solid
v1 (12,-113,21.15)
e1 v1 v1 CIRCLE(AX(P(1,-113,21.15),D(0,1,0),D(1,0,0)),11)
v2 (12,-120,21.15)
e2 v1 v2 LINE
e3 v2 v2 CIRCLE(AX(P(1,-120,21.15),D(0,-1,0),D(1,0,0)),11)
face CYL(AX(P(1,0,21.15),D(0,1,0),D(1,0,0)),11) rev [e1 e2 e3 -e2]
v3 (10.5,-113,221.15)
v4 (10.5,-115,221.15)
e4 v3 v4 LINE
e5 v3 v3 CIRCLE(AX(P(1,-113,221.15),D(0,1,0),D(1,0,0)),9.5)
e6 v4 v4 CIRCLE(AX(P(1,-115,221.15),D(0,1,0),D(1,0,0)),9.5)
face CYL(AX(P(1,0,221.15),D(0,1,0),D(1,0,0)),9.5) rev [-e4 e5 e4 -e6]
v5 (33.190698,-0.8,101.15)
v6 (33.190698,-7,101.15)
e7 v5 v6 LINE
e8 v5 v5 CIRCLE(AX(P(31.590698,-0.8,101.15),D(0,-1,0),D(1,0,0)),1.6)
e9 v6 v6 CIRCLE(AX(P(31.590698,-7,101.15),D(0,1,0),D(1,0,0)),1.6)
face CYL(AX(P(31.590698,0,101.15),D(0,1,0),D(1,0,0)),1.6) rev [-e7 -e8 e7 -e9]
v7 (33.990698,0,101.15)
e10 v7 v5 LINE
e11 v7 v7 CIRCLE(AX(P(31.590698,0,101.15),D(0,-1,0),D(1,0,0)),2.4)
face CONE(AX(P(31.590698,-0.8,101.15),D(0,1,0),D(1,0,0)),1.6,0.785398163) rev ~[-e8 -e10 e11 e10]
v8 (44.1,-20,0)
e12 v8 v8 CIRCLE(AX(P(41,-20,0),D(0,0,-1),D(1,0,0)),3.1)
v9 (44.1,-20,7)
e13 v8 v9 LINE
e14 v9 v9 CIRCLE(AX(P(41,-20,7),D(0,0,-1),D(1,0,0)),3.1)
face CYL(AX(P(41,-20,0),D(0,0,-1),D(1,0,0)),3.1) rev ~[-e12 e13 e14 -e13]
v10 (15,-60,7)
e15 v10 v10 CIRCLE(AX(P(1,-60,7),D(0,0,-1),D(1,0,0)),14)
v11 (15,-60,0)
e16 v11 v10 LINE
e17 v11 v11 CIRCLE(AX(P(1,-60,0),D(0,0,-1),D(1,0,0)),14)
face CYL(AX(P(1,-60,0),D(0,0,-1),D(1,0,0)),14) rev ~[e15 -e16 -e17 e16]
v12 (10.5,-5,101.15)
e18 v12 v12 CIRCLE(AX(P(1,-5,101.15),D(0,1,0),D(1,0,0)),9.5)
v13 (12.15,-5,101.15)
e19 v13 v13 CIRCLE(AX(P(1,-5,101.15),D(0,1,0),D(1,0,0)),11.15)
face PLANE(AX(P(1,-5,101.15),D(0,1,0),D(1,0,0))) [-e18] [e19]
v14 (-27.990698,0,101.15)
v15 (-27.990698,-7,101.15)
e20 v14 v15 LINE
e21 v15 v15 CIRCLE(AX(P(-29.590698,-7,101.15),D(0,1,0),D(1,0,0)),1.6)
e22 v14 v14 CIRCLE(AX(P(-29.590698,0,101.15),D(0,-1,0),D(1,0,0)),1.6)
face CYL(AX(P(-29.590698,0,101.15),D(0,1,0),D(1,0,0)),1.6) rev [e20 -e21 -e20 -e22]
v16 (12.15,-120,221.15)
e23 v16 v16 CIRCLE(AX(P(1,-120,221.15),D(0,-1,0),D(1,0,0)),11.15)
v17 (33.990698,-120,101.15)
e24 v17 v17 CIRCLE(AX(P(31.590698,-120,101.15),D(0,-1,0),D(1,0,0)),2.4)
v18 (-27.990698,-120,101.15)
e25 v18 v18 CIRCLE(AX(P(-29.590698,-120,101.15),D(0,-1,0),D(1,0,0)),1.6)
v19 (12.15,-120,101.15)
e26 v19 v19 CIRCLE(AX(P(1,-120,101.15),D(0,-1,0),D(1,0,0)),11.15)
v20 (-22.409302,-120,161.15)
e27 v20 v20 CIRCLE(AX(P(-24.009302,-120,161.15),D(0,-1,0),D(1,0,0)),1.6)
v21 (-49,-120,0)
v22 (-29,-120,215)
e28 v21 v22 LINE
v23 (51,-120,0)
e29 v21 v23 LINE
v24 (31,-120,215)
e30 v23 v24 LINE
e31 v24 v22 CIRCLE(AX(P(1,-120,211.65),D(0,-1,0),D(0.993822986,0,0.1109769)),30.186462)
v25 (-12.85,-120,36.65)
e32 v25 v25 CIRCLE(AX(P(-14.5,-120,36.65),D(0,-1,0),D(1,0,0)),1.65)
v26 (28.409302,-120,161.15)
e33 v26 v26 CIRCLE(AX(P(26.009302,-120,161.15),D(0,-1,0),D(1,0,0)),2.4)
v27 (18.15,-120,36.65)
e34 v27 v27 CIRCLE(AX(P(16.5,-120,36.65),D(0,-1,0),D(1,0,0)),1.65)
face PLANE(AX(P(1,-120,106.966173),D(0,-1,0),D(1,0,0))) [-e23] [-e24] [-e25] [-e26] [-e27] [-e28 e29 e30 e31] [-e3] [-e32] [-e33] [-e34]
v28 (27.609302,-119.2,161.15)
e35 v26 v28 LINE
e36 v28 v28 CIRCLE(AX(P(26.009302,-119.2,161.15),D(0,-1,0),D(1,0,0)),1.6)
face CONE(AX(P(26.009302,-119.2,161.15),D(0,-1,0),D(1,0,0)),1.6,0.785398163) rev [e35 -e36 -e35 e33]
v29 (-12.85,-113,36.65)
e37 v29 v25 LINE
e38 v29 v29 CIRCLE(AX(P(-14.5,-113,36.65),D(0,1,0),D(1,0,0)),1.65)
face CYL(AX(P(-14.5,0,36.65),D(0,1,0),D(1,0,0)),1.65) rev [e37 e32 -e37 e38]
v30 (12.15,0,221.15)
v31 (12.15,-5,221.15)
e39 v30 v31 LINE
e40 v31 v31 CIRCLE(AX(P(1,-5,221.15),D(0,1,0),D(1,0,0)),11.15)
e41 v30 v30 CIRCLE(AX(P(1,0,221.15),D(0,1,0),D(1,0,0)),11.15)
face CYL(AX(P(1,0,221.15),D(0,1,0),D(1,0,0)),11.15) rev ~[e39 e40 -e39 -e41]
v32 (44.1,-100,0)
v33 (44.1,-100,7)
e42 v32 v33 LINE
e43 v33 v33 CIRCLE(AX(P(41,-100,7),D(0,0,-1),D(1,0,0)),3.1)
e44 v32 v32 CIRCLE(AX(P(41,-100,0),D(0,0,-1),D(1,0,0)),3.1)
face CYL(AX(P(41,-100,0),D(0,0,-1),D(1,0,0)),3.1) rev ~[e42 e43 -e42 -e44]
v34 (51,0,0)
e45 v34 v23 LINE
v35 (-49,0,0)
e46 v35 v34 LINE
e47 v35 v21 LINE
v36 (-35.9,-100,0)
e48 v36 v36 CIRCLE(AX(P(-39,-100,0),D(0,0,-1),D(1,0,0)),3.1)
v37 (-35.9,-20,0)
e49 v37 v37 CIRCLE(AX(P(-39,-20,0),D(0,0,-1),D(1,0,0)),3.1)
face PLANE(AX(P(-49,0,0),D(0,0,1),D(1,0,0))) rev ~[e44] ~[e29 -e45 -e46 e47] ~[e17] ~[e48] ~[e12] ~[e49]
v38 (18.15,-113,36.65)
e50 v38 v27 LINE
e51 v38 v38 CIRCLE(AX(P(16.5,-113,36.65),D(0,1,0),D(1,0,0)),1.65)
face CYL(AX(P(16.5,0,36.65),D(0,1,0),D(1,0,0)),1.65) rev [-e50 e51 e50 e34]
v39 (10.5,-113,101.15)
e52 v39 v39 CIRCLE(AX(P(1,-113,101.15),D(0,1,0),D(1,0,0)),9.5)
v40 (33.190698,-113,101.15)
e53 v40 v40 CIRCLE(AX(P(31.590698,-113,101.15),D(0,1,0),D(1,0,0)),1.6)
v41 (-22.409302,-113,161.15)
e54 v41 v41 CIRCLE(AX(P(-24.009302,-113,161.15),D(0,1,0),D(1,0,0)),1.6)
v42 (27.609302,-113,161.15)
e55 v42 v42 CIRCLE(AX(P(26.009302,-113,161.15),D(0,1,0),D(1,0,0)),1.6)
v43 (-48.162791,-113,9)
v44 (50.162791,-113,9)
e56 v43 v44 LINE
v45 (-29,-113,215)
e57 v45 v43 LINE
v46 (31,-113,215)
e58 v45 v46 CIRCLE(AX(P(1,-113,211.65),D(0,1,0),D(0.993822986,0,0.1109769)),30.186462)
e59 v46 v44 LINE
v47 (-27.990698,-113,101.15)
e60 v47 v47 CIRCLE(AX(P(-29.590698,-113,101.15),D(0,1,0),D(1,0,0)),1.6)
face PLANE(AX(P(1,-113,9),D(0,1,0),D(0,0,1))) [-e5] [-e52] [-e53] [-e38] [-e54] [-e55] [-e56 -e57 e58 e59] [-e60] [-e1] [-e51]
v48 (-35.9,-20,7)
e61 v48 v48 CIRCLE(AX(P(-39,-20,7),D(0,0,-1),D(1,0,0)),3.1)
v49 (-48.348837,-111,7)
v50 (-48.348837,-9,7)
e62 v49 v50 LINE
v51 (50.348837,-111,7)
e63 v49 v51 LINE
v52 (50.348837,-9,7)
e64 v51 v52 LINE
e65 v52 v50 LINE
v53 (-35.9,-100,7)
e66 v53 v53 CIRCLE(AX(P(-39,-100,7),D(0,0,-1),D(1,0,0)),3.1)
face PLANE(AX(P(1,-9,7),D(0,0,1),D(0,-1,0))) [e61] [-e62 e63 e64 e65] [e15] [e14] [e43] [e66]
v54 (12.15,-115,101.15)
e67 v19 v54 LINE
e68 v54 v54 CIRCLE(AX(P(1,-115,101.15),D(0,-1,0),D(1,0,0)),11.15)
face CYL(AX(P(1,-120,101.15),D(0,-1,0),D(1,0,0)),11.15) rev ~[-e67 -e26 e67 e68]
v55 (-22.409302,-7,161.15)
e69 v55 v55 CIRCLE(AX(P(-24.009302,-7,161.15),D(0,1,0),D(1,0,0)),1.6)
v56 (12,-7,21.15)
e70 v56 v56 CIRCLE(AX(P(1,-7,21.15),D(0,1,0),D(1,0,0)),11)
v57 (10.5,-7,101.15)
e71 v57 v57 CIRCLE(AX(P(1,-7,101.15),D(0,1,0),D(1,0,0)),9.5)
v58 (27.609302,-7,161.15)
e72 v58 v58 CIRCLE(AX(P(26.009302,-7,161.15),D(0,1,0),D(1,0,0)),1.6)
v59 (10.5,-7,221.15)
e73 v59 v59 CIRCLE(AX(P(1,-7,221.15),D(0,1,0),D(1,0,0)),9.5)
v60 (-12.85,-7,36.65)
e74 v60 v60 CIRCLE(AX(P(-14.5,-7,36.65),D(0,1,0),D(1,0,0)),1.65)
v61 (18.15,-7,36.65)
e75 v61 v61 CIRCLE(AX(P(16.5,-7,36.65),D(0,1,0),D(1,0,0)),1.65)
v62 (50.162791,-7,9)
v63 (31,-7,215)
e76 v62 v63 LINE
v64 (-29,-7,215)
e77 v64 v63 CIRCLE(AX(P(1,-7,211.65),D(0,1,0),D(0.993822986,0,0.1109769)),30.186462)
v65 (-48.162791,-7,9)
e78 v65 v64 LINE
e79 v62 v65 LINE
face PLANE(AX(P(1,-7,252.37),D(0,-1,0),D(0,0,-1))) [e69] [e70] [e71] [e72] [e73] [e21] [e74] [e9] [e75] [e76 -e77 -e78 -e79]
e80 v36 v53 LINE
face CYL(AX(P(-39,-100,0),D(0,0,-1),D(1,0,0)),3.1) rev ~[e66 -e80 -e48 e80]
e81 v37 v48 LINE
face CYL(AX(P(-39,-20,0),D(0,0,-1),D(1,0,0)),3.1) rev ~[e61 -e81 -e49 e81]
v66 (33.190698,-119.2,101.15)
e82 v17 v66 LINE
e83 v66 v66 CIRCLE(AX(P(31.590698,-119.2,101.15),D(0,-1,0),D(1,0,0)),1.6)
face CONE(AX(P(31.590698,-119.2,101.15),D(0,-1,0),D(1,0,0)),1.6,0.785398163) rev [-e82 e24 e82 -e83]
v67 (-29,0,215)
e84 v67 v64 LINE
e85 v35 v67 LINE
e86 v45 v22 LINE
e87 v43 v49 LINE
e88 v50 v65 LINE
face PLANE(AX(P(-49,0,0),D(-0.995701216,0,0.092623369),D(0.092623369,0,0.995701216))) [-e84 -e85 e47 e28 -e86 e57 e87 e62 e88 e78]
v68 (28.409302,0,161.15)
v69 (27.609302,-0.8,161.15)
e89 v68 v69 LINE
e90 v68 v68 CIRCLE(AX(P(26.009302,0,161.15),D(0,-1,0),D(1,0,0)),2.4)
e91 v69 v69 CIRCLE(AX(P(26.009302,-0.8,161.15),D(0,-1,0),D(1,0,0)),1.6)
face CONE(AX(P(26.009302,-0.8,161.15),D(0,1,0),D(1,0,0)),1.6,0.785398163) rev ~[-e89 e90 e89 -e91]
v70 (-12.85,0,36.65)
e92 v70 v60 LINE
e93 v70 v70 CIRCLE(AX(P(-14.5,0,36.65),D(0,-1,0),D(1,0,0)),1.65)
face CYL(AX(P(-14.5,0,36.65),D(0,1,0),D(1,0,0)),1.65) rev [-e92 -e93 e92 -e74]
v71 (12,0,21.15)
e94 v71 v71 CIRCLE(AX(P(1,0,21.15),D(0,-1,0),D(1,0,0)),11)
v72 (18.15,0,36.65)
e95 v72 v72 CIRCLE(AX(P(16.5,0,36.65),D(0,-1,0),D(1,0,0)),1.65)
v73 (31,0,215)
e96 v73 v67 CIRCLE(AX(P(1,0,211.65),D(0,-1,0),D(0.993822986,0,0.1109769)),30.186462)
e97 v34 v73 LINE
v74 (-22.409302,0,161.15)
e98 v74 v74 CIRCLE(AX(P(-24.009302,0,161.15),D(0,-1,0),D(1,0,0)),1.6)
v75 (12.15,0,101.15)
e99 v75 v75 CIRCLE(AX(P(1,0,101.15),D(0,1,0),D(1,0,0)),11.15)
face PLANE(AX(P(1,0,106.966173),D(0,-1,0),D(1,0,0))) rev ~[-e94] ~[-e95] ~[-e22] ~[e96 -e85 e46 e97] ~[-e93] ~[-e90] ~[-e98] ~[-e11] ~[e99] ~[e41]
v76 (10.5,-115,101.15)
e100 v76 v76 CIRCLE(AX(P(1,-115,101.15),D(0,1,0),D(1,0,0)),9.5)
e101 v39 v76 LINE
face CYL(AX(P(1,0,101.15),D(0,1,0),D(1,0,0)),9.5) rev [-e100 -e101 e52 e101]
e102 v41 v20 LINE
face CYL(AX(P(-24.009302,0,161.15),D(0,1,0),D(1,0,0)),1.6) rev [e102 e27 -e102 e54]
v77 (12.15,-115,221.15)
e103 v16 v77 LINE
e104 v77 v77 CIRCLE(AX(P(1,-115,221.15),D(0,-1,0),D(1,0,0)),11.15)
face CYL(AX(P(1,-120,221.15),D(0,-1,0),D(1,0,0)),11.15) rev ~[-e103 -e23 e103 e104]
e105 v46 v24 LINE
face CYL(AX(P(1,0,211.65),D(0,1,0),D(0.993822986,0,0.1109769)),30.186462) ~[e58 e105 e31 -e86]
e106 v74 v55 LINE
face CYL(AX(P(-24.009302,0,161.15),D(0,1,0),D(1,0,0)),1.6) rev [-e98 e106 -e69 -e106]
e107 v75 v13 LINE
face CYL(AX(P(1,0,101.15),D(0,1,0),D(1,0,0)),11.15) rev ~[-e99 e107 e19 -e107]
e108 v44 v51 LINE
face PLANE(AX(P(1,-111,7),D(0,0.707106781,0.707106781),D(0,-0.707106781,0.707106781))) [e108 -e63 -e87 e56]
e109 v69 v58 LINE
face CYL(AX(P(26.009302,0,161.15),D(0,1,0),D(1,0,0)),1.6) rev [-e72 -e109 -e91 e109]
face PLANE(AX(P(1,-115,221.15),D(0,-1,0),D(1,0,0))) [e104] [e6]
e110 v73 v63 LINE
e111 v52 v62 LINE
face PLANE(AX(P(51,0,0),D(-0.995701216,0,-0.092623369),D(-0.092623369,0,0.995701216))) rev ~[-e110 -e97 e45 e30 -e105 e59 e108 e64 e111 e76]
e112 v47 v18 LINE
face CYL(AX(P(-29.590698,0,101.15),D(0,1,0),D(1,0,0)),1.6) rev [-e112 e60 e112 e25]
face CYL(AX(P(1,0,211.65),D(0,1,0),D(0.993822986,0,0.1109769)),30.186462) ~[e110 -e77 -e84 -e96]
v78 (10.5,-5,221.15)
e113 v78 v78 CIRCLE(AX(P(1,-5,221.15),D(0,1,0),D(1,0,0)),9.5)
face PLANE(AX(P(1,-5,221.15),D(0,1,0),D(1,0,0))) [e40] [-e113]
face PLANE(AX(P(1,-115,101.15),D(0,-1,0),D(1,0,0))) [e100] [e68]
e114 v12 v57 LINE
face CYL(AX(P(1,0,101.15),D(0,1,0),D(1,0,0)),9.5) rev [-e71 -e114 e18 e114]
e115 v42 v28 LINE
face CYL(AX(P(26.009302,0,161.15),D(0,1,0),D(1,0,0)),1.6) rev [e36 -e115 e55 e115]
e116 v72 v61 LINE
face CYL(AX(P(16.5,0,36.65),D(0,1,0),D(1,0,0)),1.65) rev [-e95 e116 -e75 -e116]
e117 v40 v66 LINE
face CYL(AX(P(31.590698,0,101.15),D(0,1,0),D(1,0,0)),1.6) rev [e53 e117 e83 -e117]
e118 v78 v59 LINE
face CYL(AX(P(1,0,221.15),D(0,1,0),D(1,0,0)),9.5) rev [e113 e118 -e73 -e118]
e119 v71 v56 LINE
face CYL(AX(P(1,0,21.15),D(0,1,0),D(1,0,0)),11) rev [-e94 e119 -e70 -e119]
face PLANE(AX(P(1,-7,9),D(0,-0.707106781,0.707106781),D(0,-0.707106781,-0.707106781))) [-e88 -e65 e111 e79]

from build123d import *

# Parameters (mm, degrees)
SKETCH107_R             = 9.5
SKETCH107_R_2           = 11
SKETCH107_R_3           = 1.65
SKETCH107_R_4           = 1.6
PAD033_DEPTH            = 120
POCKET065_DEPTH         = 152.4
SKETCH104_R             = 3.1
SKETCH104_R_2           = 14
POCKET063_DEPTH         = 8
SKETCH103_R             = 11.15
POCKET064_DEPTH         = 5
SKETCH106_R             = 11.15
POCKET066_DEPTH         = 5
CHAMFER013_SIZE         = 0.8
BODY025_PLACEMENT_ANGLE = 90


with BuildPart() as part:
    # Sketch107 → Pad033 (new body)
    with BuildSketch(Plane.XY):
        with BuildLine():
            Line((-50, 0), (50, 0))
            Line((50, 0), (30, 215))
            ThreePointArc((30, 215), (0, 241.8364621975), (-30, 215))
            Line((-50, 0), (-30, 215))
        make_face()
        with Locations((0, 221.15)):
            Circle(SKETCH107_R, mode=Mode.SUBTRACT)
        with Locations((0, 21.15)):
            Circle(SKETCH107_R_2, mode=Mode.SUBTRACT)
        with Locations((0, 101.15)):
            Circle(SKETCH107_R, mode=Mode.SUBTRACT)
        with Locations((-15.5, 36.65)):
            Circle(SKETCH107_R_3, mode=Mode.SUBTRACT)
        with Locations((15.5, 36.65)):
            Circle(SKETCH107_R_3, mode=Mode.SUBTRACT)
        with Locations((-30.5906976744, 101.15)):
            Circle(SKETCH107_R_4, mode=Mode.SUBTRACT)
        with Locations((30.5906976744, 101.15)):
            Circle(SKETCH107_R_4, mode=Mode.SUBTRACT)
        with Locations((-25.0093023256, 161.15)):
            Circle(SKETCH107_R_4, mode=Mode.SUBTRACT)
        with Locations((25.0093023256, 161.15)):
            Circle(SKETCH107_R_4, mode=Mode.SUBTRACT)
    extrude(amount=PAD033_DEPTH)

    # Sketch105 → Pocket065 (cut, symmetric)
    with BuildSketch(Plane(origin=(0, 0, 120), x_dir=(0, 0, -1), z_dir=(1, 0, 0))):
        Polygon((7, 252.37), (113, 252.37), (113, 9), (111, 7), (9, 7), (7, 9), align=None)
    extrude(amount=POCKET065_DEPTH, both=True, mode=Mode.SUBTRACT)

    # Sketch104 (on Face1 of Pocket065) → Pocket063 (cut)
    with BuildSketch(Plane.XZ):
        with Locations((-40, 100)):
            Circle(SKETCH104_R)
        with Locations((40, 100)):
            Circle(SKETCH104_R)
        with Locations((-40, 20)):
            Circle(SKETCH104_R)
        with Locations((40, 20)):
            Circle(SKETCH104_R)
        with Locations((0, 60)):
            Circle(SKETCH104_R_2)
    extrude(amount=-POCKET063_DEPTH, mode=Mode.SUBTRACT)

    # Sketch103 (on Face4 of Pocket063) → Pocket064 (cut)
    with BuildSketch(Plane.XY.offset(120)):
        with Locations((0, 101.15)):
            Circle(SKETCH103_R)
        with Locations((0, 221.15)):
            Circle(SKETCH103_R)
    extrude(amount=-POCKET064_DEPTH, mode=Mode.SUBTRACT)

    # Sketch106 (on Face3 of Pocket064) → Pocket066 (cut)
    with BuildSketch(Plane(origin=(0, 0, 0), x_dir=(1, 0, 0), z_dir=(0, 0, -1))):
        with Locations((0, -221.15)):
            Circle(SKETCH106_R)
        with Locations((0, -101.15)):
            Circle(SKETCH106_R)
    extrude(amount=-POCKET066_DEPTH, mode=Mode.SUBTRACT)

    # Chamfer013
    chamfer013_edges = [part.edges().sort_by_distance(p)[0] for p in [
        (23.409302, 161.15, 0),
        (28.990698, 101.15, 0),
        (23.409302, 161.15, 120),
        (28.990698, 101.15, 120),
    ]]
    chamfer(chamfer013_edges, length=CHAMFER013_SIZE)


with BuildPart() as part_1:
    # Body025 placement: moved
    add(part.part.moved(Location((1, 0, 0))).rotate(Axis((1, 0, 0), (1, 0, 0)), BODY025_PLACEMENT_ANGLE))


solid = part_1.part
